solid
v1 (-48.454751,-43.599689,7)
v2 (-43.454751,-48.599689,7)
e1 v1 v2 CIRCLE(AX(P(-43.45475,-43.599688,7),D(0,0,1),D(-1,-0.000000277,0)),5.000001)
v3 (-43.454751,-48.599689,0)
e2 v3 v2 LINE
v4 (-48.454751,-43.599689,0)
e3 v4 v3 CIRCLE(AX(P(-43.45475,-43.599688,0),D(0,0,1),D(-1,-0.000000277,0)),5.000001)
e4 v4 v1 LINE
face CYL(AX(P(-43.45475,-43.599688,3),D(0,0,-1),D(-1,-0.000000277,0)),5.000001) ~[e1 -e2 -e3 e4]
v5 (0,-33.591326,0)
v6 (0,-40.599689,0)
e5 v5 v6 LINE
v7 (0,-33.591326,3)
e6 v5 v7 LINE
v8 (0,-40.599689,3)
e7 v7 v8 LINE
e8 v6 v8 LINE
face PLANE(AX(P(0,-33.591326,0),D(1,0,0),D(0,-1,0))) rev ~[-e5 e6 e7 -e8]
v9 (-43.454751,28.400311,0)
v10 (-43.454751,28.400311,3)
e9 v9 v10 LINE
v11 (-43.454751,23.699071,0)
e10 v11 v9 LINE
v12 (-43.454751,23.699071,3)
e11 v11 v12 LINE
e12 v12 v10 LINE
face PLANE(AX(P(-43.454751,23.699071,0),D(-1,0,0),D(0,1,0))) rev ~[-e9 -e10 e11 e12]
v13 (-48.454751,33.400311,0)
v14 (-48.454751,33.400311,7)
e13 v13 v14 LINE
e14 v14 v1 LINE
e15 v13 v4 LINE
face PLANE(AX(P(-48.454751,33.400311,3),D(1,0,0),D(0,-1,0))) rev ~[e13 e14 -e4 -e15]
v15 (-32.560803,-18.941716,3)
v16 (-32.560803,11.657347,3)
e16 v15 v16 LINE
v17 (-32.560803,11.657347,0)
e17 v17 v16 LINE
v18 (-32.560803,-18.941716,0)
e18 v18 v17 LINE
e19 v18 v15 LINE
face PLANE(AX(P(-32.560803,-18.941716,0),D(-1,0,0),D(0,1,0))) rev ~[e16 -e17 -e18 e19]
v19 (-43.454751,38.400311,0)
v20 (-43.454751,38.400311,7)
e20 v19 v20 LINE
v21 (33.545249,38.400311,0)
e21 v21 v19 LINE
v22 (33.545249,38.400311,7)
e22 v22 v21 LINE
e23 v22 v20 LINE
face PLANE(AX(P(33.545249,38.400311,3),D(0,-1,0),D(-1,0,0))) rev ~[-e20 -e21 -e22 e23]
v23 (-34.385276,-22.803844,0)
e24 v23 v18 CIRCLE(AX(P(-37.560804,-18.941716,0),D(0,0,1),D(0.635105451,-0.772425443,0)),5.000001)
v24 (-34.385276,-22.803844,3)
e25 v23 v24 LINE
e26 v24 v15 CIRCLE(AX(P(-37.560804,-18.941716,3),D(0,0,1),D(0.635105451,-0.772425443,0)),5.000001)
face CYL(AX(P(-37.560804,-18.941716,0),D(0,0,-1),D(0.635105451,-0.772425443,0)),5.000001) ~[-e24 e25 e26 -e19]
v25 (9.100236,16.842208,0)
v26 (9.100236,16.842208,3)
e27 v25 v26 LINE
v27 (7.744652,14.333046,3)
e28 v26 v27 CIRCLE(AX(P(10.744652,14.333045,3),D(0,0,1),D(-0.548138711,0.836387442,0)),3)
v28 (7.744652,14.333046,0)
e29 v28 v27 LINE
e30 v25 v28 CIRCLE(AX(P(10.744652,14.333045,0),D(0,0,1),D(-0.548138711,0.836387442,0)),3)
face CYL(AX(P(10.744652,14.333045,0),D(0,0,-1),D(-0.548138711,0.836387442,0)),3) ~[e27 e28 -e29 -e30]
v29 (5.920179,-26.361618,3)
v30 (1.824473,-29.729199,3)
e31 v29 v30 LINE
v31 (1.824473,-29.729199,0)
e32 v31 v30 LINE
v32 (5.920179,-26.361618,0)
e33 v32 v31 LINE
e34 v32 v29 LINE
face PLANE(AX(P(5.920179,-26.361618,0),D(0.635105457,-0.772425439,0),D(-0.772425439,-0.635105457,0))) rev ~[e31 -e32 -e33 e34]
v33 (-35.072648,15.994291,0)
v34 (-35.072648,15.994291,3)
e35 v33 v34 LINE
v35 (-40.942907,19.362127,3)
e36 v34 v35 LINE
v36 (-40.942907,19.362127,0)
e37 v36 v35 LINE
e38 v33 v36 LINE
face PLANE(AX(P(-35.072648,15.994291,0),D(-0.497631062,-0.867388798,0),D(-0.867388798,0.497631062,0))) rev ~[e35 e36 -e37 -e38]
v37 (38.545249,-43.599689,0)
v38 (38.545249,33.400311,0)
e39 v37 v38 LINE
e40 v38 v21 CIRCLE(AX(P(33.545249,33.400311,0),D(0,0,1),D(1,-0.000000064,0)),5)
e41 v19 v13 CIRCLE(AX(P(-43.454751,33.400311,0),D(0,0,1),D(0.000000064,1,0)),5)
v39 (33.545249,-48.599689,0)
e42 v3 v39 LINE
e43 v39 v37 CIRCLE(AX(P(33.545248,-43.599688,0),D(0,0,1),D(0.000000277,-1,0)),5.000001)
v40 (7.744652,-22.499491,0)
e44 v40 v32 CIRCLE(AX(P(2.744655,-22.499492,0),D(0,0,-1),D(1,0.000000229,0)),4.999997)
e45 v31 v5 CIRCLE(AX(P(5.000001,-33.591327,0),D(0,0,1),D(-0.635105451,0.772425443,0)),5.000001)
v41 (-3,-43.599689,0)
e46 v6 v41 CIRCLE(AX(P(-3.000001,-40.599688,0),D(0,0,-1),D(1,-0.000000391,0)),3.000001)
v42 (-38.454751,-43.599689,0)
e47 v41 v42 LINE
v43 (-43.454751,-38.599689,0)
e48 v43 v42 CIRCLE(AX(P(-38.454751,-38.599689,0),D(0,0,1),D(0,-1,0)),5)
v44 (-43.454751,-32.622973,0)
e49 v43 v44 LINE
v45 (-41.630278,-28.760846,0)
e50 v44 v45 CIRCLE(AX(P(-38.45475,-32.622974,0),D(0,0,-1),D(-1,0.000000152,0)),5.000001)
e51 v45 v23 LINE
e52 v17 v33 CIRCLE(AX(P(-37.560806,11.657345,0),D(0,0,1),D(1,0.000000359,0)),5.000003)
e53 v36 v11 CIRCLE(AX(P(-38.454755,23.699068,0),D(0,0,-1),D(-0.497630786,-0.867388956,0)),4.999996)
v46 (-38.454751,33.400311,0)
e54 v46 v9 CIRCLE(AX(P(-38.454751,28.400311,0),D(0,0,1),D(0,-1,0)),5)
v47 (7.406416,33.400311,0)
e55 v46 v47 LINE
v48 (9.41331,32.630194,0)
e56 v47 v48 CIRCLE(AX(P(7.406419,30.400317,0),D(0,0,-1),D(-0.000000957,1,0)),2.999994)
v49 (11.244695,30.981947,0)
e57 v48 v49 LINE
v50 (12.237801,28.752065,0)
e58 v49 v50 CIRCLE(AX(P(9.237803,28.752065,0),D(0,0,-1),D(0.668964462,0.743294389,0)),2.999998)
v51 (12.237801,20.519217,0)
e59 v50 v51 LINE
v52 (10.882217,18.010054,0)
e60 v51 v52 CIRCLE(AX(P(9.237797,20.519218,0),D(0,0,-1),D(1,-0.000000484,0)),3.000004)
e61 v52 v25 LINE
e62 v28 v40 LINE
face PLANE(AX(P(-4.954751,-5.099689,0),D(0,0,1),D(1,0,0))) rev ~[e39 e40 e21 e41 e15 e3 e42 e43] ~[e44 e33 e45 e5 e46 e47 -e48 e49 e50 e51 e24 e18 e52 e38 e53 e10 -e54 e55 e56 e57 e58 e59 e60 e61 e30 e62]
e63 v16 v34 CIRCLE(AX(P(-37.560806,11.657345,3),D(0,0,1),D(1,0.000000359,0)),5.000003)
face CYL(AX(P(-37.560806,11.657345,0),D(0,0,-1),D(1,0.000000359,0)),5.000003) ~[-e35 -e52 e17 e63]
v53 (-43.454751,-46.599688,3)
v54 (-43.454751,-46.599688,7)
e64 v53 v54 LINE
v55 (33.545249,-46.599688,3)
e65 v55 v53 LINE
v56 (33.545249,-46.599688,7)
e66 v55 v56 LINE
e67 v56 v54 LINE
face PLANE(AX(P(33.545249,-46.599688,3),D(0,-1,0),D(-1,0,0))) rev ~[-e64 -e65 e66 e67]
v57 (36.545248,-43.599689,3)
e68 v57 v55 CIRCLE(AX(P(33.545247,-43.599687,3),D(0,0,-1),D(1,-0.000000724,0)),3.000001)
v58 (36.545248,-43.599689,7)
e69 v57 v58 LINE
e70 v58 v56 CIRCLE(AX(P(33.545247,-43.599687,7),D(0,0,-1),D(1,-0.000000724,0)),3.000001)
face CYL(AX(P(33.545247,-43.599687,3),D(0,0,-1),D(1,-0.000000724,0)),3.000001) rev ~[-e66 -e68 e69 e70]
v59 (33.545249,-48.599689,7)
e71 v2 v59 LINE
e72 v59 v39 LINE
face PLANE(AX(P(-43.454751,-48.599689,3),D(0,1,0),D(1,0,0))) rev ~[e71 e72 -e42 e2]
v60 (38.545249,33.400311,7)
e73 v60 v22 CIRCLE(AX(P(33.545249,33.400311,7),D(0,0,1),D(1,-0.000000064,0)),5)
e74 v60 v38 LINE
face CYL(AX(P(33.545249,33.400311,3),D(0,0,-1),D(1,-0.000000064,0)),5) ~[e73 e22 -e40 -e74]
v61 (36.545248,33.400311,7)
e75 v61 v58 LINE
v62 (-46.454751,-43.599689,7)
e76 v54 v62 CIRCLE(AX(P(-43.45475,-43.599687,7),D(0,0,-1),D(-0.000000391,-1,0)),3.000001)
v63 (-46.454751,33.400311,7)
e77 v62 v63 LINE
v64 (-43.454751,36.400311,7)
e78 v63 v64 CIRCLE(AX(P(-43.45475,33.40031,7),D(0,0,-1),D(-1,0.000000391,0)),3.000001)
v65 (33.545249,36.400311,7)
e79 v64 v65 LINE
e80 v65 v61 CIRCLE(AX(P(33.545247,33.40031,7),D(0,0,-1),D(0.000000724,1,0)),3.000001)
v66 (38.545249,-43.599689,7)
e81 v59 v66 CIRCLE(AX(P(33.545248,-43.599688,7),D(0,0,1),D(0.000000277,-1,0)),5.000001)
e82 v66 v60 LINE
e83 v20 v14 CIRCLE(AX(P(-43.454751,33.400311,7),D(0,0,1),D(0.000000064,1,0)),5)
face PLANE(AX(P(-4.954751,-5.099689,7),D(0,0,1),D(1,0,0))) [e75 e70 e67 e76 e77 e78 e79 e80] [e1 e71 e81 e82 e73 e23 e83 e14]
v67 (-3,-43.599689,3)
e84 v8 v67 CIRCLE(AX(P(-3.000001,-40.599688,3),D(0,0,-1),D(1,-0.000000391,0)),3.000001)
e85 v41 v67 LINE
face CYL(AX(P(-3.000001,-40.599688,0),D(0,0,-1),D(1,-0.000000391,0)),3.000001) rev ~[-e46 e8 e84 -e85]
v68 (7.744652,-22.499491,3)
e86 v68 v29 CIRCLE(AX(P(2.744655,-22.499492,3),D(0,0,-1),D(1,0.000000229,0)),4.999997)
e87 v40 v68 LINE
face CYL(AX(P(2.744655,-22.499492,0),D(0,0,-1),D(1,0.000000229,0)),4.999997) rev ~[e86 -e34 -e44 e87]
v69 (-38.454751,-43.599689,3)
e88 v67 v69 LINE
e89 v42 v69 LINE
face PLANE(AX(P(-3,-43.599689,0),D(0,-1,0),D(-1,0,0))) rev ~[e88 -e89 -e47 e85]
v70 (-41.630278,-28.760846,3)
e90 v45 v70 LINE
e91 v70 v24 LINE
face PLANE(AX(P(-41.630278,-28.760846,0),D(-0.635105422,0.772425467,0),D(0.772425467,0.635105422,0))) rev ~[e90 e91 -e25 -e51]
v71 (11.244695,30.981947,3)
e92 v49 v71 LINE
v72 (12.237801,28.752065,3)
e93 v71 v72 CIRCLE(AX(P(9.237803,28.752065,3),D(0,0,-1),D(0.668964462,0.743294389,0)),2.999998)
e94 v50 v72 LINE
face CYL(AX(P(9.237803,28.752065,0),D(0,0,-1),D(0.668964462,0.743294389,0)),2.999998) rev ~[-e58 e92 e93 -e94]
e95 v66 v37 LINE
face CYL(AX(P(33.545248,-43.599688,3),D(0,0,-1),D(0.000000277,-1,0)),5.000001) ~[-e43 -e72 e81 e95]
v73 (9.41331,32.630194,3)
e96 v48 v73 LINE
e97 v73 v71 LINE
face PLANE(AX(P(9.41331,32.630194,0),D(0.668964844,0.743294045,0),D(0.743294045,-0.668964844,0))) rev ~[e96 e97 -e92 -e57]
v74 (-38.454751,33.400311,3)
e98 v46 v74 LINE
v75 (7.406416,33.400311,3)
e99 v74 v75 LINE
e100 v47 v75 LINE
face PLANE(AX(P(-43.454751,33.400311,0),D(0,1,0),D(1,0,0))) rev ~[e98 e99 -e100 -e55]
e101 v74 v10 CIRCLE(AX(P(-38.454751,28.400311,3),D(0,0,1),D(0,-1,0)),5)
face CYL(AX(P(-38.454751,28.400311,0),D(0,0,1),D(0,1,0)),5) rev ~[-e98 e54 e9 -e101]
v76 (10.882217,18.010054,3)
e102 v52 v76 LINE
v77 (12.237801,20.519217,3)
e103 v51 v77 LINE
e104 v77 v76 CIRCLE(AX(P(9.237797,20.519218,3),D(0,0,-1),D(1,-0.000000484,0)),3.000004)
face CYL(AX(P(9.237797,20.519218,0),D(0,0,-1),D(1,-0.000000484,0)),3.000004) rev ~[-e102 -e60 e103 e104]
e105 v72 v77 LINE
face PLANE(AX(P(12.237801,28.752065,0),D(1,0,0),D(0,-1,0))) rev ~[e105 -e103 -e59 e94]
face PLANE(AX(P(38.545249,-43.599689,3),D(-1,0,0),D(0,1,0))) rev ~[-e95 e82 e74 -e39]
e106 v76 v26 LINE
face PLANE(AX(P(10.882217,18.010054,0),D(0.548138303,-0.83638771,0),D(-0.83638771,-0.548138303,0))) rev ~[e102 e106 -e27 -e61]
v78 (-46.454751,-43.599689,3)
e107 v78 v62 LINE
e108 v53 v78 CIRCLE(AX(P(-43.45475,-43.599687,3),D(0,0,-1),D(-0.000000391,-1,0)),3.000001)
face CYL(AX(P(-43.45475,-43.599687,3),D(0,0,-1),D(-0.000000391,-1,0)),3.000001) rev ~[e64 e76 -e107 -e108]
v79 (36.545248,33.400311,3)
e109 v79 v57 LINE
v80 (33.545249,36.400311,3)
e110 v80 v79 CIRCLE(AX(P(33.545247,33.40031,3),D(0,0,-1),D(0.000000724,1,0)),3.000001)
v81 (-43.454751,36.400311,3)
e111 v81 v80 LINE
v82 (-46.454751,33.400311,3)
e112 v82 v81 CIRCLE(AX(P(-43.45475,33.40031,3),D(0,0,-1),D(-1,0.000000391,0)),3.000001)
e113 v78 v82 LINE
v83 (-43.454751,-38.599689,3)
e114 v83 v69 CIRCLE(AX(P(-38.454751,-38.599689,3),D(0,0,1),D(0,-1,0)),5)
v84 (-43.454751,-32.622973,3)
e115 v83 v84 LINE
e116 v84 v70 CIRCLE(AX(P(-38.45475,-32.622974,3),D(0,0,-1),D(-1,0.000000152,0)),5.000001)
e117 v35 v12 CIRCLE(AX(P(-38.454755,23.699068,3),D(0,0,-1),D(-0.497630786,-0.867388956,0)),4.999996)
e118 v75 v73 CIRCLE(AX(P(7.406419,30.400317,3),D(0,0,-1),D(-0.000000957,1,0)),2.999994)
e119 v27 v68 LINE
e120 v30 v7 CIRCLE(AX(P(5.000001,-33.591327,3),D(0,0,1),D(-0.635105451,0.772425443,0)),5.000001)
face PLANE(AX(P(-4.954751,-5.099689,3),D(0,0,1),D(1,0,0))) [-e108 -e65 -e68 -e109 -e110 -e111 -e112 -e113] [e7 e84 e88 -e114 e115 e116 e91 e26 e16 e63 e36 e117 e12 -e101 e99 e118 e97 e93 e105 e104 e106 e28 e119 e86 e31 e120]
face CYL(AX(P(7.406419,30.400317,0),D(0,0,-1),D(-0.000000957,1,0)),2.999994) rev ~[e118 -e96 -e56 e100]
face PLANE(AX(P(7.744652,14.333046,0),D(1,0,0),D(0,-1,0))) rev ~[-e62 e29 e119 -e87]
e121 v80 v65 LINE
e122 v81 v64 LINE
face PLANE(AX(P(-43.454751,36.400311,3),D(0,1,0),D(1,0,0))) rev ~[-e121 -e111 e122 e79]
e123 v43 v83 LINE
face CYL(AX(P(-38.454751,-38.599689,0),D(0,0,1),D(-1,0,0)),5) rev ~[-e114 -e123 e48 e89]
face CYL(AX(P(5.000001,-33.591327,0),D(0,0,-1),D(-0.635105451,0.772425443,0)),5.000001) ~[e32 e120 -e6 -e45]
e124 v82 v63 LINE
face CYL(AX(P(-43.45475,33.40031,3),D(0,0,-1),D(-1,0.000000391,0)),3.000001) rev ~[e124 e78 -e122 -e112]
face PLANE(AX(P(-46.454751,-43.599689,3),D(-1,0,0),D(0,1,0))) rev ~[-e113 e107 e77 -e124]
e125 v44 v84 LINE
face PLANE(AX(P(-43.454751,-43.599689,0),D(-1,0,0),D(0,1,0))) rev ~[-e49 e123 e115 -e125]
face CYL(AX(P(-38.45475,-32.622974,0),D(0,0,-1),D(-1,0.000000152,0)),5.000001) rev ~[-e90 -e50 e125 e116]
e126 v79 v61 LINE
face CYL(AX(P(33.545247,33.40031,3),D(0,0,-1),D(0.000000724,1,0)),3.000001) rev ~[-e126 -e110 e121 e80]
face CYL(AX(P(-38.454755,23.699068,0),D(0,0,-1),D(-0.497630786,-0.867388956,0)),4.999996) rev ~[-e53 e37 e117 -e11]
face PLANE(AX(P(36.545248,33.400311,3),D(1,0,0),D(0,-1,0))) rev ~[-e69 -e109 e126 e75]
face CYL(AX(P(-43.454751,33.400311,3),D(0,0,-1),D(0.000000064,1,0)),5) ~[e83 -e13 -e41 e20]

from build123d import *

# Parameters (mm, degrees)
F1_DEPTH = 3
F2_R     = 5
F3_R     = 5
F5_DEPTH = 4


with BuildPart() as f1:
    # F0 (on Top) → F1 (new body)
    with BuildSketch(Plane.XY):
        with BuildLine():
            Line((33.545249, 38.400311), (-43.454751, 38.400311))
            ThreePointArc((-43.454751, 38.400311), (-46.990285, 36.935845), (-48.454751, 33.400311))
            Line((-48.454751, 33.400311), (-48.454751, -43.599689))
            ThreePointArc((-48.454751, -43.599689), (-46.990285, -47.135222), (-43.454751, -48.599689))
            Line((-43.454751, -48.599689), (33.545249, -48.599689))
            ThreePointArc((33.545249, -48.599689), (37.080783, -47.135222), (38.545249, -43.599689))
            Line((38.545249, -43.599689), (38.545249, 33.400311))
            ThreePointArc((38.545249, 33.400311), (37.080783, 36.935845), (33.545249, 38.400311))
        make_face()
        with BuildLine():
            Line((-43.454751, 23.699071), (-43.454751, 33.400311))
            Line((-43.454751, 33.400311), (-2.236148, 33.400311))
            Line((-2.236148, 33.400311), (0, 33.400311))
            Line((0, 33.400311), (7.406416, 33.400311))
            ThreePointArc((7.406416, 33.400311), (8.481207, 33.201173), (9.41331, 32.630194))
            Line((9.41331, 32.630194), (11.244695, 30.981947))
            ThreePointArc((11.244695, 30.981947), (11.978301, 29.972581), (12.237801, 28.752065))
            Line((12.237801, 28.752065), (12.237801, 20.519217))
            ThreePointArc((12.237801, 20.519217), (11.877237, 19.093252), (10.882217, 18.010054))
            Line((10.882217, 18.010054), (9.100236, 16.842208))
            ThreePointArc((9.100236, 16.842208), (8.105216, 15.759011), (7.744652, 14.333046))
            Line((7.744652, 14.333046), (7.744652, -22.499491))
            ThreePointArc((7.744652, -22.499491), (7.265583, -24.635184), (5.920179, -26.361618))
            Line((5.920179, -26.361618), (1.824473, -29.729199))
            ThreePointArc((1.824473, -29.729199), (0.479069, -31.455634), (0, -33.591326))
            Line((0, -33.591326), (0, -40.599689))
            ThreePointArc((0, -40.599689), (-0.87868, -42.721009), (-3, -43.599689))
            Line((-3, -43.599689), (-43.454751, -43.599689))
            Line((-43.454751, -43.599689), (-43.454751, -32.622973))
            ThreePointArc((-43.454751, -32.622973), (-42.975682, -30.487281), (-41.630278, -28.760846))
            Line((-41.630278, -28.760846), (-34.385276, -22.803844))
            ThreePointArc((-34.385276, -22.803844), (-33.039872, -21.077409), (-32.560803, -18.941716))
            Line((-32.560803, -18.941716), (-32.560803, 11.657347))
            ThreePointArc((-32.560803, 11.657347), (-33.234097, 14.163262), (-35.072648, 15.994291))
            Line((-35.072648, 15.994291), (-40.942907, 19.362127))
            ThreePointArc((-40.942907, 19.362127), (-42.781458, 21.193155), (-43.454751, 23.699071))
        make_face(mode=Mode.SUBTRACT)
    extrude(amount=F1_DEPTH)

    # F2
    f2_edges = [f1.edges().sort_by_distance(p)[0] for p in [
        (-43.454751, 33.400311, 1.5),
    ]]
    fillet(f2_edges, radius=F2_R)

    # F3
    f3_edges = [f1.edges().sort_by_distance(p)[0] for p in [
        (-43.454751, -43.599689, 1.5),
    ]]
    fillet(f3_edges, radius=F3_R)

    # F4 (on face) → F5 (join)
    with BuildSketch(Plane.XY.offset(3)):
        with BuildLine():
            Line((33.545249, 38.400311), (-43.454751, 38.400311))
            ThreePointArc((-43.454751, 38.400311), (-46.990285, 36.935845), (-48.454751, 33.400311))
            Line((-48.454751, 33.400311), (-48.454751, -43.599689))
            ThreePointArc((-48.454751, -43.599689), (-46.990285, -47.135222), (-43.454751, -48.599689))
            Line((-43.454751, -48.599689), (33.545249, -48.599689))
            ThreePointArc((33.545249, -48.599689), (37.080783, -47.135222), (38.545249, -43.599689))
            Line((38.545249, -43.599689), (38.545249, 33.400311))
            ThreePointArc((38.545249, 33.400311), (37.080783, 36.935845), (33.545249, 38.400311))
        make_face()
        with BuildLine():
            ThreePointArc((-46.454751, 33.400311), (-45.576071, 35.521631), (-43.454751, 36.400311))
            Line((-43.454751, 36.400311), (33.545249, 36.400311))
            ThreePointArc((33.545249, 36.400311), (35.666568, 35.521631), (36.545248, 33.400311))
            Line((36.545248, 33.400311), (36.545248, -43.599689))
            ThreePointArc((36.545248, -43.599689), (35.666568, -45.721008), (33.545249, -46.599688))
            Line((33.545249, -46.599688), (-43.454751, -46.599688))
            ThreePointArc((-43.454751, -46.599688), (-45.576071, -45.721008), (-46.454751, -43.599689))
            Line((-46.454751, -43.599689), (-46.454751, 33.400311))
        make_face(mode=Mode.SUBTRACT)
    extrude(amount=F5_DEPTH)


solid = f1.part
